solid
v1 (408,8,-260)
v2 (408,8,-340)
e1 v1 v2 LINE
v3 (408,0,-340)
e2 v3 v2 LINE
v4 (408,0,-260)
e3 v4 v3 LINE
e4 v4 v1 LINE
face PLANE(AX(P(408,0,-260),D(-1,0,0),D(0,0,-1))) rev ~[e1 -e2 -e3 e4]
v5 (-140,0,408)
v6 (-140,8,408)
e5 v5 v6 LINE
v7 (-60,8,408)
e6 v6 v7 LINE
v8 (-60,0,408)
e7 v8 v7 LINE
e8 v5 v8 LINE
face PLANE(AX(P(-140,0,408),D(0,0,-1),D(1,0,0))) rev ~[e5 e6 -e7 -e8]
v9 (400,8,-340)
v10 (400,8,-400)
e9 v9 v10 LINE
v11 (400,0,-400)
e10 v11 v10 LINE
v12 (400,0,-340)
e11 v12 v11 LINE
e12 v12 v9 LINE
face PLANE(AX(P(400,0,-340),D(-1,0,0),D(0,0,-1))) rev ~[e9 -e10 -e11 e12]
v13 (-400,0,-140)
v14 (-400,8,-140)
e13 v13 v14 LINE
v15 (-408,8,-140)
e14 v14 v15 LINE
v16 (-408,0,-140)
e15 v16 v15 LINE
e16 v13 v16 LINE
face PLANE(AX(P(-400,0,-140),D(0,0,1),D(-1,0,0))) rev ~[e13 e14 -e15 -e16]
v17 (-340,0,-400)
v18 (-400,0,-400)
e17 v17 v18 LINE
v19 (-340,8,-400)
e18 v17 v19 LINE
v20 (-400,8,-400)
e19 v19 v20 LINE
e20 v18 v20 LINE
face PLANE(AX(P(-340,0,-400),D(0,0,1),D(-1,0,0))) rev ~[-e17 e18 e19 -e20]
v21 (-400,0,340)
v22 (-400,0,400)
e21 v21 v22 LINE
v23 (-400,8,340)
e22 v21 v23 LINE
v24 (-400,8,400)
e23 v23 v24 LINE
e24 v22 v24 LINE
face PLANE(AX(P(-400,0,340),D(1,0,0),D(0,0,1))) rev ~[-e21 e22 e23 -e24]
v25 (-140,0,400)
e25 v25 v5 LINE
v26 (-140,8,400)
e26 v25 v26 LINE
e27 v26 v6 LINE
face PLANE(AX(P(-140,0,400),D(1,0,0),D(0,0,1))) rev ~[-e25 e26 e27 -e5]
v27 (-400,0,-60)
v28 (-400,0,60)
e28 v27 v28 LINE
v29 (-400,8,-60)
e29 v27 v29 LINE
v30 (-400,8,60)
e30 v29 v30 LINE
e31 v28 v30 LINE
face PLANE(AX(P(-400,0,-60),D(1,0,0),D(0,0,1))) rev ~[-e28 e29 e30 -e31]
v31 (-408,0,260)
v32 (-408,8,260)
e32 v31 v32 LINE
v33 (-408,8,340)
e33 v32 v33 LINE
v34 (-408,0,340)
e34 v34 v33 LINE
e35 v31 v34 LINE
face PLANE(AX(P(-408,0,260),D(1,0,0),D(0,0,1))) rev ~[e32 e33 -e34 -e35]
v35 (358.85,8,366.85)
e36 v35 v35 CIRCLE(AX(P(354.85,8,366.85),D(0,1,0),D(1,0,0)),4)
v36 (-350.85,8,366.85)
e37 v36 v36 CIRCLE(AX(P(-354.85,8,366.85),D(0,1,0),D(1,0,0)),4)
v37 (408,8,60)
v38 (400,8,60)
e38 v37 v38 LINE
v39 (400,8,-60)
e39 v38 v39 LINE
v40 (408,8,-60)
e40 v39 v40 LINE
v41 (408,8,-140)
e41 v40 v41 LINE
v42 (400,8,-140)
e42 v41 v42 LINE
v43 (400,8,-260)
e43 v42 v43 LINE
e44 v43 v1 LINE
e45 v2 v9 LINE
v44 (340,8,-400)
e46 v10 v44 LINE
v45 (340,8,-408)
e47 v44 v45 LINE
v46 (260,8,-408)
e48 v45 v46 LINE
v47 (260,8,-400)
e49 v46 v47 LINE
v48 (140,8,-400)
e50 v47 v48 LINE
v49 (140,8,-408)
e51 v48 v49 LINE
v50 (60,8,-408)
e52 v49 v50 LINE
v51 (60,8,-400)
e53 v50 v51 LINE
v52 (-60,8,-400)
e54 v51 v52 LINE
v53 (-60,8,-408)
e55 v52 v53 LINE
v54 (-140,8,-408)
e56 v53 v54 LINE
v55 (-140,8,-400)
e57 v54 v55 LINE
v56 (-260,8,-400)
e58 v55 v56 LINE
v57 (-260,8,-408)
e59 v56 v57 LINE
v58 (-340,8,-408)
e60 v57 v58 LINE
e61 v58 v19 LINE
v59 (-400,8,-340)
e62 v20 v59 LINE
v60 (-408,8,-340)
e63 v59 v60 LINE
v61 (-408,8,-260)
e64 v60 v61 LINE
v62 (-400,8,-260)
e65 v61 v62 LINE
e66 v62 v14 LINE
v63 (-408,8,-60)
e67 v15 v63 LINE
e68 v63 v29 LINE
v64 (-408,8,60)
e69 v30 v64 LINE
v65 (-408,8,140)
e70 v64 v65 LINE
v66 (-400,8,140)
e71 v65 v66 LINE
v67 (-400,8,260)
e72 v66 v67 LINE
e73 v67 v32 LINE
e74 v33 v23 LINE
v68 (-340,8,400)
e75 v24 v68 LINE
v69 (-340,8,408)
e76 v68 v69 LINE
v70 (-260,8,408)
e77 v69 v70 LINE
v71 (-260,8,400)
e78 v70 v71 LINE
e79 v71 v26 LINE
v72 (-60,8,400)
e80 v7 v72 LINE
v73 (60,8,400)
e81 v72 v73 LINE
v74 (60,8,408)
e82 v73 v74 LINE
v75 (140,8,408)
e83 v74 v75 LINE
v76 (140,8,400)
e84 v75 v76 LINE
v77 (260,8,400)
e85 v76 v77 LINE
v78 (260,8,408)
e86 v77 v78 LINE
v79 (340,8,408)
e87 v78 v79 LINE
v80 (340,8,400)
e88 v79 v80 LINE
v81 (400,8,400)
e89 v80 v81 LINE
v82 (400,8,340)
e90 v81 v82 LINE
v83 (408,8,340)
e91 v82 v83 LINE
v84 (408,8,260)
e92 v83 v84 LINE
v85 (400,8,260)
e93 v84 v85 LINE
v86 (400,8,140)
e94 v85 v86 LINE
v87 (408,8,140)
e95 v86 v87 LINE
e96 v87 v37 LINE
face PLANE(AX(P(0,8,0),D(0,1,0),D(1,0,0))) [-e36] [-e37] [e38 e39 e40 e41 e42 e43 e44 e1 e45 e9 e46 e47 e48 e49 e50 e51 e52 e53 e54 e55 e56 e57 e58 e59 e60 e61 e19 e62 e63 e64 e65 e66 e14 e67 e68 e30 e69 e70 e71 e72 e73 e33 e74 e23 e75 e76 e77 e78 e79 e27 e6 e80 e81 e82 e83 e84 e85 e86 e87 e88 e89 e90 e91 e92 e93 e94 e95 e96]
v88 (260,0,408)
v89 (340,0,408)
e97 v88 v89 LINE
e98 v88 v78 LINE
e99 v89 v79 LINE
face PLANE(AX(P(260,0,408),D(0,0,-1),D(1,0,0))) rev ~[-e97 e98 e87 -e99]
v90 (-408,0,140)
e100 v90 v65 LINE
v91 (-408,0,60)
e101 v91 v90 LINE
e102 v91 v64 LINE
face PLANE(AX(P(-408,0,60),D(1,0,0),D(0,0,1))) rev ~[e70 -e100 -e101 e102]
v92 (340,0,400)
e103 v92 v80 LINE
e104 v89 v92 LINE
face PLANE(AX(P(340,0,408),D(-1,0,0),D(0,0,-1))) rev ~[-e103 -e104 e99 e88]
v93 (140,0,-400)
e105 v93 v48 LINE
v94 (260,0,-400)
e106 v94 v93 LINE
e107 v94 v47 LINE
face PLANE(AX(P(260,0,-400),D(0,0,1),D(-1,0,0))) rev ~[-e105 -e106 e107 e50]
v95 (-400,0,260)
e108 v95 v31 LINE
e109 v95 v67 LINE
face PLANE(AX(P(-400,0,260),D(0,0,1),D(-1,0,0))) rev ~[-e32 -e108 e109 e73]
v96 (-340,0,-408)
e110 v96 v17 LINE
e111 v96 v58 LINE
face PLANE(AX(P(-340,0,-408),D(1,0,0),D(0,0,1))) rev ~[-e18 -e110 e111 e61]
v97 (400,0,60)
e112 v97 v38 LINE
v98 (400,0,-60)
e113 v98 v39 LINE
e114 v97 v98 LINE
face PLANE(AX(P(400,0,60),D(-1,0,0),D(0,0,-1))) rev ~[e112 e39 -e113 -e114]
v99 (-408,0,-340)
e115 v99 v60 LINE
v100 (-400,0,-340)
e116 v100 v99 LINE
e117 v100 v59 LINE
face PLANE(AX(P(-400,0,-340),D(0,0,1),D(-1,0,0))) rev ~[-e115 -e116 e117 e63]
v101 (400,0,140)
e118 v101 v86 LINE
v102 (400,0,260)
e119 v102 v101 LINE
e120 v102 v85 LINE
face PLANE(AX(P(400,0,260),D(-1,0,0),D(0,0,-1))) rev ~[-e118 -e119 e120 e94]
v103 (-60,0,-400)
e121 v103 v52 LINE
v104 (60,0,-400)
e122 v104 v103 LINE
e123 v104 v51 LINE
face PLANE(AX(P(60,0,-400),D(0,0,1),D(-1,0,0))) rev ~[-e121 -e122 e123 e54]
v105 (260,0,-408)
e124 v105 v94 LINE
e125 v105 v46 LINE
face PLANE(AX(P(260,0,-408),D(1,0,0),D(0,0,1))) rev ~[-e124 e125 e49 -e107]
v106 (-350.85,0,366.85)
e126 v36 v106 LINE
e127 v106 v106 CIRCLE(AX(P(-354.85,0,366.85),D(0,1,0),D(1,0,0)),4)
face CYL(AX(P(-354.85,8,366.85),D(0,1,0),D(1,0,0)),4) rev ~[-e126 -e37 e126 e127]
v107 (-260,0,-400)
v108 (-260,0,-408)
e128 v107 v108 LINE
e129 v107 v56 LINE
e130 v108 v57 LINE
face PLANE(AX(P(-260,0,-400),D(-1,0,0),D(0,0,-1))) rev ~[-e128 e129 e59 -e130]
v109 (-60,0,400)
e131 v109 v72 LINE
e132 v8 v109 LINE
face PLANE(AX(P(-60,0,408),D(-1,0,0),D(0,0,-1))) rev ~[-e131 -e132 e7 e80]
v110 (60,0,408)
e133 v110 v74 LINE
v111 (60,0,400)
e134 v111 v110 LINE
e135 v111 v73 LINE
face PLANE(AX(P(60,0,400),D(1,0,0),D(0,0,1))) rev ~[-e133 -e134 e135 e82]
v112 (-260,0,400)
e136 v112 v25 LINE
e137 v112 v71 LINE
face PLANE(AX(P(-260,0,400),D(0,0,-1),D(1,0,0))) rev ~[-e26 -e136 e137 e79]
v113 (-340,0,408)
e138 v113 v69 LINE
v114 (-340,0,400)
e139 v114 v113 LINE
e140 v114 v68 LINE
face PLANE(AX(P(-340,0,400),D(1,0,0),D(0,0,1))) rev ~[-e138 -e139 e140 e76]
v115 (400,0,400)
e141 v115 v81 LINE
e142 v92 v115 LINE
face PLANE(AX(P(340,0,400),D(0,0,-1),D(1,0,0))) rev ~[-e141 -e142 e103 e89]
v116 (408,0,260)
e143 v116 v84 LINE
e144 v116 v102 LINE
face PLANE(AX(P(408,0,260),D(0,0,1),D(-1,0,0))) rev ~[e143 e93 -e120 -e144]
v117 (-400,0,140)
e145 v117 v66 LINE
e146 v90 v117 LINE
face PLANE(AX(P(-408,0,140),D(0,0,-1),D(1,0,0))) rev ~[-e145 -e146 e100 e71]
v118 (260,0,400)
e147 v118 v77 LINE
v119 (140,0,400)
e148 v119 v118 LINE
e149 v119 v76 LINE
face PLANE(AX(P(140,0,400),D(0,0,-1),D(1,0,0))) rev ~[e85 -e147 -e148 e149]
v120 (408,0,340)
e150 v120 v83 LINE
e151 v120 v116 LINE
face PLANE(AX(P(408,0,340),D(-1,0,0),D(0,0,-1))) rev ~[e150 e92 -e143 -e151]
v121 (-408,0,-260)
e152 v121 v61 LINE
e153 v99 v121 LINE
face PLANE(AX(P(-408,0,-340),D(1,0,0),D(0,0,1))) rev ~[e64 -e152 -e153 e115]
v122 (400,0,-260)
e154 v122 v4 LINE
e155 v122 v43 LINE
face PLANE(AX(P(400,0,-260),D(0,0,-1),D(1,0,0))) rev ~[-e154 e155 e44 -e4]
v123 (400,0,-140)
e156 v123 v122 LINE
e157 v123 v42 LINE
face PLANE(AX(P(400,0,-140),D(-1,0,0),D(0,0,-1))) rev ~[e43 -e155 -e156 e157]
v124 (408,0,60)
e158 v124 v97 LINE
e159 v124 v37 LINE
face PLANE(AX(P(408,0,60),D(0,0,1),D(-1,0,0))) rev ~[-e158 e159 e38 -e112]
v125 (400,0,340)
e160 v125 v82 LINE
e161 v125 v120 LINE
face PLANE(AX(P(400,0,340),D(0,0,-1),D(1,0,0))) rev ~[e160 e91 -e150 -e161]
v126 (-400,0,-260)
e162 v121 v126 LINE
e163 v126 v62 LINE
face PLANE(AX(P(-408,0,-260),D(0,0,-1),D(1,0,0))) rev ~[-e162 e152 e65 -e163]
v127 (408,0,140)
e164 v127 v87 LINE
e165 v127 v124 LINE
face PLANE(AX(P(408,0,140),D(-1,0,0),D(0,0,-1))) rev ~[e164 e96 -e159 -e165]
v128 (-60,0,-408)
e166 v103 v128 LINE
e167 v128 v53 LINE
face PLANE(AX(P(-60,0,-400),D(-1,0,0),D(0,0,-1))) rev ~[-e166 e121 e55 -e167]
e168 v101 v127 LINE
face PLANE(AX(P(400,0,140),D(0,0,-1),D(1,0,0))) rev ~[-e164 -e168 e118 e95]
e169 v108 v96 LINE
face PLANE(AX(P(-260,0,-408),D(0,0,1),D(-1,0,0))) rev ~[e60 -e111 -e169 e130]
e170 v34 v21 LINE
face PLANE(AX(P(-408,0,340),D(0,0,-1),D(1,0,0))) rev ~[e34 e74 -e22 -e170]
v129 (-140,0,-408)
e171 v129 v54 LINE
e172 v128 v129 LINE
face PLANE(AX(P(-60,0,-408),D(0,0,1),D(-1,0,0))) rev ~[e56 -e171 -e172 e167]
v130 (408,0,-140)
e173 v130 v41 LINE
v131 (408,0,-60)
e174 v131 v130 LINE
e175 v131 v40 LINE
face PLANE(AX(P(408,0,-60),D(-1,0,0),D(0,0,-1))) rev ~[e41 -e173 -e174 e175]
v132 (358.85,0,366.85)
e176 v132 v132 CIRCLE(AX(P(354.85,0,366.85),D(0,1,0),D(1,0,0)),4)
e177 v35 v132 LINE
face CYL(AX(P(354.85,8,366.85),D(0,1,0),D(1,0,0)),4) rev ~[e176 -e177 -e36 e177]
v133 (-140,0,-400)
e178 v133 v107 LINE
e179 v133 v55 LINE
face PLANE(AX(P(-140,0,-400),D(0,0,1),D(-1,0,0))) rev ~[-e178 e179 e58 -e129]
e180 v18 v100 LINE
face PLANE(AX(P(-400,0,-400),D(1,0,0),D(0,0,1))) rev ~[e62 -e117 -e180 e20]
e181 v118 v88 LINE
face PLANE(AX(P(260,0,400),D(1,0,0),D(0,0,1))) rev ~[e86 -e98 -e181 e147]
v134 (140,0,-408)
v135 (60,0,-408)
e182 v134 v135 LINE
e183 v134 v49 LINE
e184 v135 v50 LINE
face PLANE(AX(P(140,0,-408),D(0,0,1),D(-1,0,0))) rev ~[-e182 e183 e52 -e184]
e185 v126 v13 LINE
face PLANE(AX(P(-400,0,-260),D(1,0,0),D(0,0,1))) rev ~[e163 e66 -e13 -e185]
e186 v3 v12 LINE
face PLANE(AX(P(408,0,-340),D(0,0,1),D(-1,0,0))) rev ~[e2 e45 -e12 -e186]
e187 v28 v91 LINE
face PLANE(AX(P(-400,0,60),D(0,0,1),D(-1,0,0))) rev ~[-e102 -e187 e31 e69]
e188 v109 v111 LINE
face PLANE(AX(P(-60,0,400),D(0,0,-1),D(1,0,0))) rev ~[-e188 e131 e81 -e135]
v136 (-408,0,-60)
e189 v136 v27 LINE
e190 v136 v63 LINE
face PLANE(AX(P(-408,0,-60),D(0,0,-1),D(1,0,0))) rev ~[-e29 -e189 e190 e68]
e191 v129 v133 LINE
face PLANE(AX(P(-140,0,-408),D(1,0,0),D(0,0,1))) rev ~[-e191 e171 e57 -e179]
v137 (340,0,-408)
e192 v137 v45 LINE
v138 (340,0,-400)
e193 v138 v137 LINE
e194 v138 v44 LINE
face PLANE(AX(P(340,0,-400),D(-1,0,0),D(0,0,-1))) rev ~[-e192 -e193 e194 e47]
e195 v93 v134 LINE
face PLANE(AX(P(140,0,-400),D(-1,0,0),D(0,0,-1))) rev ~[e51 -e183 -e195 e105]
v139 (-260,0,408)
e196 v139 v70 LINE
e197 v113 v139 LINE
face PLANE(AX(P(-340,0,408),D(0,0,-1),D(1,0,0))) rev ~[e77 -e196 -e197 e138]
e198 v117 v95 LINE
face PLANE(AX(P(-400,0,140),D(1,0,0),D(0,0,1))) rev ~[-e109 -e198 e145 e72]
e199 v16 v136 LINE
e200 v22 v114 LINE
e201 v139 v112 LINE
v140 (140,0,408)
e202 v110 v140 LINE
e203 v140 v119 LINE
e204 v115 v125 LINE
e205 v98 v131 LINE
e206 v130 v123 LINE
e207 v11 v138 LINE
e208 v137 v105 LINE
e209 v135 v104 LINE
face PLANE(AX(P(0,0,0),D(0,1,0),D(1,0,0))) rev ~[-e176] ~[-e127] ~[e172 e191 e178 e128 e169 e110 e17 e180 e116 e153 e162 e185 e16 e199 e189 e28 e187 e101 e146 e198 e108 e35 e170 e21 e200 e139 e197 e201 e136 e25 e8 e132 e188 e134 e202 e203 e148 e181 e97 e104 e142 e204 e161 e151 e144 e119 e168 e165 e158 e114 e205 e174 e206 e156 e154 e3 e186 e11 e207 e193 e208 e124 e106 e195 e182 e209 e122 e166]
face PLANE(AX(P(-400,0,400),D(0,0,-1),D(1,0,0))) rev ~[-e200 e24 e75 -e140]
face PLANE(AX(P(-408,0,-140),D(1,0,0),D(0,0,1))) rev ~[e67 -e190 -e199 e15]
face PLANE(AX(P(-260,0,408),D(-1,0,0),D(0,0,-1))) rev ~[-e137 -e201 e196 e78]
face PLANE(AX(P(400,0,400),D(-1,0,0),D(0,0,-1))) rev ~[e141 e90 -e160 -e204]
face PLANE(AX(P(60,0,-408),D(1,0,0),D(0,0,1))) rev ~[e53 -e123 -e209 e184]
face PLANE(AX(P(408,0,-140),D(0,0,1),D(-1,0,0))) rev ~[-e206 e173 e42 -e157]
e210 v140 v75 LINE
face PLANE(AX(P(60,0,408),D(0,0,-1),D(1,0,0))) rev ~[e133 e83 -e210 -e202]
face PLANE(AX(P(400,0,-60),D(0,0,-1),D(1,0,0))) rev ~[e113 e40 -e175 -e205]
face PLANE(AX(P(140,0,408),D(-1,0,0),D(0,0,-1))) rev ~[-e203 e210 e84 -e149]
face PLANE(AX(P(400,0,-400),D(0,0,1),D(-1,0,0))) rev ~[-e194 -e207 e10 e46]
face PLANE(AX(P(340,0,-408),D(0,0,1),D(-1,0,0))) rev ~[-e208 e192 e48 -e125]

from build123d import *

# Parameters (mm, degrees)
BOSS_EXTRUDE1_DEPTH = 8
SKETCH2_R           = 4
CUT_EXTRUDE1_DEPTH  = 10


with BuildPart() as part:
    # Sketch1 → Boss-Extrude1 (new body)
    with BuildSketch(Plane(origin=(0, 0, 0), x_dir=(1, 0, 0), z_dir=(0, 1, 0))):
        Polygon((340, 408), (260, 408), (260, 400), (140, 400), (140, 408), (60, 408), (60, 400), (-60, 400), (-60, 408), (-140, 408), (-140, 400), (-260, 400), (-260, 408), (-340, 408), (-340, 400), (-400, 400), (-400, 340), (-408, 340), (-408, 260), (-400, 260), (-400, 140), (-408, 140), (-408, 60), (-400, 60), (-400, -60), (-408, -60), (-408, -140), (-400, -140), (-400, -260), (-408, -260), (-408, -340), (-400, -340), (-400, -400), (-340, -400), (-340, -408), (-260, -408), (-260, -400), (-140, -400), (-140, -408), (-60, -408), (-60, -400), (60, -400), (60, -408), (140, -408), (140, -400), (260, -400), (260, -408), (340, -408), (340, -400), (400, -400), (400, -340), (408, -340), (408, -260), (400, -260), (400, -140), (408, -140), (408, -60), (400, -60), (400, 60), (408, 60), (408, 140), (400, 140), (400, 260), (408, 260), (408, 340), (400, 340), (400, 400), (340, 400), align=None)
    extrude(amount=BOSS_EXTRUDE1_DEPTH)

    # Sketch2 → Cut-Extrude1 (cut)
    with BuildSketch(Plane(origin=(0, 8, 0), x_dir=(1, 0, 0), z_dir=(0, 1, 0))):
        with Locations((-354.85, -366.85)):
            Circle(SKETCH2_R)
        with Locations((354.85, -366.85)):
            Circle(SKETCH2_R)
    extrude(amount=-CUT_EXTRUDE1_DEPTH, mode=Mode.SUBTRACT)


solid = part.part
